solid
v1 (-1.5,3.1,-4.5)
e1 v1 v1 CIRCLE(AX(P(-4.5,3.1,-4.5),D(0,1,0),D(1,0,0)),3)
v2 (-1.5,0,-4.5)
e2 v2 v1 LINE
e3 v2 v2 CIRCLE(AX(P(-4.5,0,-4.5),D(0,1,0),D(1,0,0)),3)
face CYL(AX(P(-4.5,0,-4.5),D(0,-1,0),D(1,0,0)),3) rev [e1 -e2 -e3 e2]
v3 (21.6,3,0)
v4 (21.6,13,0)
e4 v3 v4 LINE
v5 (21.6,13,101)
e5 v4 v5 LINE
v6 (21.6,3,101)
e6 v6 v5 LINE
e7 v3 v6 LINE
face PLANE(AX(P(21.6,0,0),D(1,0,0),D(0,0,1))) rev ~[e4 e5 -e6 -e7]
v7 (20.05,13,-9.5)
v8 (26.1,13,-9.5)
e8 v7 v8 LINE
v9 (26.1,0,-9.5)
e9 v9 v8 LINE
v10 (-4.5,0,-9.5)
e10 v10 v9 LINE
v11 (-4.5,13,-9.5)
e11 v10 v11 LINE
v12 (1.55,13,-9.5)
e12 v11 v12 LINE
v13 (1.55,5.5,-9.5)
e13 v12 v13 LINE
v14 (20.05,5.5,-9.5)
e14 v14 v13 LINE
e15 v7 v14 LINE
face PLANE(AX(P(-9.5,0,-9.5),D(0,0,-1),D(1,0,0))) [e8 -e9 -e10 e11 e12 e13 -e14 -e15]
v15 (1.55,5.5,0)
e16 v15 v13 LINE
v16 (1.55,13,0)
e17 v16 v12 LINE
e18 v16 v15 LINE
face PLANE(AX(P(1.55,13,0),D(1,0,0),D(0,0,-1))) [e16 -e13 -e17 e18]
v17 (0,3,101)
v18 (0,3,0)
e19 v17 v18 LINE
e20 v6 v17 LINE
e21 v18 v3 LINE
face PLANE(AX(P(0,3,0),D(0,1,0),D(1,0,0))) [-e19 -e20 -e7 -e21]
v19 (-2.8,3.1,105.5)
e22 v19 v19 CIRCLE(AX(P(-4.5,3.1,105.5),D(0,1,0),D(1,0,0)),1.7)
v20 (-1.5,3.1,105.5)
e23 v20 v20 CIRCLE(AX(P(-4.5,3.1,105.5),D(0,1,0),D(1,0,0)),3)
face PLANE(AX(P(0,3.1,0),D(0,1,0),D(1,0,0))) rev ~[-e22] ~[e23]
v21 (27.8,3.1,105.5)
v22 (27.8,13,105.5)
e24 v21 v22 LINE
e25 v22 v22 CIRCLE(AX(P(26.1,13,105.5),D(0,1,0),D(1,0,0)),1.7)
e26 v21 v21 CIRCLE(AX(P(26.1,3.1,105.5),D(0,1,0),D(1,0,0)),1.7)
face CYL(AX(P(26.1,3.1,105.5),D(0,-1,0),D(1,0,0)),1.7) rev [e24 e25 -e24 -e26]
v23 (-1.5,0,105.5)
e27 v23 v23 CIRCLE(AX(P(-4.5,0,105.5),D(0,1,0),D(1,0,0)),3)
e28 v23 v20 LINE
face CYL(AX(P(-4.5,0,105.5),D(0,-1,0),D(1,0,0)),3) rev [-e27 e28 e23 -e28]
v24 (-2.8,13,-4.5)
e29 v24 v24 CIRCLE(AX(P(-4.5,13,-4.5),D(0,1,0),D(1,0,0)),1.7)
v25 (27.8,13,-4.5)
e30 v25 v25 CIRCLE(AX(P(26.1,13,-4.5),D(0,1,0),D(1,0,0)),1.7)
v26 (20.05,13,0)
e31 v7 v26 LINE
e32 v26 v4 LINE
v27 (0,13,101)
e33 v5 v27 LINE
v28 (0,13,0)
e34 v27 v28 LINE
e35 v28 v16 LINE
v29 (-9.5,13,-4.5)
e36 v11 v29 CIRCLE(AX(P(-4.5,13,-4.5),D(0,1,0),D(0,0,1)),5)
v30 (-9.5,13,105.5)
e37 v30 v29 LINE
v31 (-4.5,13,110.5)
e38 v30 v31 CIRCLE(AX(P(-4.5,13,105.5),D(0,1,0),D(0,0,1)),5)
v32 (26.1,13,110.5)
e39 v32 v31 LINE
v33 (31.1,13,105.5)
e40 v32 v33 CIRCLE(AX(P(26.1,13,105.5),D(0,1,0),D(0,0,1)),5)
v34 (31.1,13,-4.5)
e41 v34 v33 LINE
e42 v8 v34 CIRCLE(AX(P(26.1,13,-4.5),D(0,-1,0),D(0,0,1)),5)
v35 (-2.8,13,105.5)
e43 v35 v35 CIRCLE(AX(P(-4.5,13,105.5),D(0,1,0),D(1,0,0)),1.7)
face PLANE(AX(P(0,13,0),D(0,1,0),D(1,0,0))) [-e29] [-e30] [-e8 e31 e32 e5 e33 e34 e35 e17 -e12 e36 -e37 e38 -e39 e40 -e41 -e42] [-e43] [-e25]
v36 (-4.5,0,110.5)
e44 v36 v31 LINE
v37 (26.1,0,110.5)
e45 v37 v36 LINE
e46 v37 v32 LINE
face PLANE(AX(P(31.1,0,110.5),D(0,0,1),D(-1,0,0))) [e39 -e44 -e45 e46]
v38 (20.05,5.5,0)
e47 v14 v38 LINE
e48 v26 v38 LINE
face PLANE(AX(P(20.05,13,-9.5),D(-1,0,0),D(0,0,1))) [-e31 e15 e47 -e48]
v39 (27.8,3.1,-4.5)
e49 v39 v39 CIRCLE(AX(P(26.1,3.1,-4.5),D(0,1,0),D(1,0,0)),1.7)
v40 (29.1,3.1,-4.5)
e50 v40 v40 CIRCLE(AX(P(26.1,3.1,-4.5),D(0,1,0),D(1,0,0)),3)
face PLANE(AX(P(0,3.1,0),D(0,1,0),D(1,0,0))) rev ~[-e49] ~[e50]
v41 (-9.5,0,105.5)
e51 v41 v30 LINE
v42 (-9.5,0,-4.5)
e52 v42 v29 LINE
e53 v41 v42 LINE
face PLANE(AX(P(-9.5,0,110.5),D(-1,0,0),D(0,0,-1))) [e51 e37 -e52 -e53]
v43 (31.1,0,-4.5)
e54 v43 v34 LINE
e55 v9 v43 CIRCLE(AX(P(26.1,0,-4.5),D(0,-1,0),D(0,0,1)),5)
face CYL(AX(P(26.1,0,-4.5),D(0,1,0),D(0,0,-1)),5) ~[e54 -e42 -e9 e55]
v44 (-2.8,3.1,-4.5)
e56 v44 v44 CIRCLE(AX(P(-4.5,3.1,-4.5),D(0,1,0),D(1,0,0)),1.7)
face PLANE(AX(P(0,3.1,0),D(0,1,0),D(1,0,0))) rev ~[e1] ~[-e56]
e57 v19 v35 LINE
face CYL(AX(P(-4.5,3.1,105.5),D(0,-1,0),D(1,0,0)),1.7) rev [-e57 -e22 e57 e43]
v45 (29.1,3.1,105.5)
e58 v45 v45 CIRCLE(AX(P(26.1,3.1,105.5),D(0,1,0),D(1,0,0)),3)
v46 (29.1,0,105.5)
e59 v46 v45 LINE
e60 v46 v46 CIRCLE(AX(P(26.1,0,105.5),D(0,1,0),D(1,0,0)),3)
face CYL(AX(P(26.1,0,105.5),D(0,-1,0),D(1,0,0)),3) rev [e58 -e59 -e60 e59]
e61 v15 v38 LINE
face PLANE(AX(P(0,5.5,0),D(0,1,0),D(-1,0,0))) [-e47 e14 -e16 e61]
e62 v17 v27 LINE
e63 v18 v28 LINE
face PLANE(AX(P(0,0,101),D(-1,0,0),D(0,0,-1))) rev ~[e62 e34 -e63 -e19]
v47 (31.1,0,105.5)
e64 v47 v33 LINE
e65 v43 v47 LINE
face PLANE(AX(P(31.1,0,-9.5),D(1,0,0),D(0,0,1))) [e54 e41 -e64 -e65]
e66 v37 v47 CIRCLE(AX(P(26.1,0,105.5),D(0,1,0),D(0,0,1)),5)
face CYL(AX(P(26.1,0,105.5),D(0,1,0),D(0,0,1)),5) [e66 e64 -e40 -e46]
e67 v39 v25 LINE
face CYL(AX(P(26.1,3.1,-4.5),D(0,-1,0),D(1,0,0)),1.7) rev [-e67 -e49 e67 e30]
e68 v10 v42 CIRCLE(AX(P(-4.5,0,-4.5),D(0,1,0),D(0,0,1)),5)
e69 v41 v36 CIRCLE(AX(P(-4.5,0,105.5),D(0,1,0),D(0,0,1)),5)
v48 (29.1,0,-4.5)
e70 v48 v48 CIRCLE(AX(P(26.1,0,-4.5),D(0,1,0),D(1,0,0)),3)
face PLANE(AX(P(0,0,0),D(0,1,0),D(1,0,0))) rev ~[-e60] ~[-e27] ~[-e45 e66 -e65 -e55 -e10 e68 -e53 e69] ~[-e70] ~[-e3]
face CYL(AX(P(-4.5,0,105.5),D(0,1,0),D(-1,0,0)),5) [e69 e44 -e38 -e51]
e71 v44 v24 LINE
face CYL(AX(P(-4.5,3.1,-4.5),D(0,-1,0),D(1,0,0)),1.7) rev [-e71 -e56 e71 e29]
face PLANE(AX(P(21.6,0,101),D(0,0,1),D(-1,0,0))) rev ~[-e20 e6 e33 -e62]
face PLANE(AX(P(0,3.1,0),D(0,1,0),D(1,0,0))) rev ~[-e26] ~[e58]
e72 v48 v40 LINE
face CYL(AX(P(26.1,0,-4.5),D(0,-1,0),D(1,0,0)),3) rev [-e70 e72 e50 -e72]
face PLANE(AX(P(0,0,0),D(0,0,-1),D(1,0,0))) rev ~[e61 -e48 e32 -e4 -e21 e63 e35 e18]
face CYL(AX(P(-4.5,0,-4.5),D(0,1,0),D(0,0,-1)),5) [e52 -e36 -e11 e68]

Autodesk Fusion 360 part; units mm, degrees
sketch "Sketch1" plane through (0, 0, 0) normal (0, 1, 0) x (1, 0, 0)
  line L0 (0, 0) -> (21.6, 0)
  line L1 (21.6, 0) -> (21.6, -101)
  line L2 (21.6, -101) -> (0, -101)
  line L3 (0, -101) -> (0, 0)
  line L4 (-9.5, 9.5) -> (31.1, 9.5)
  line L5 (31.1, 9.5) -> (31.1, -110.5)
  line L6 (31.1, -110.5) -> (-9.5, -110.5)
  line L7 (-9.5, -110.5) -> (-9.5, 9.5)
  circle A0 centre (-4.5, -105.5) radius 1.7
  circle A1 centre (26.1, -105.5) radius 1.7
  circle A2 centre (26.1, 4.5) radius 1.7
  circle A3 centre (-4.5, 4.5) radius 1.7
  circle A4 centre (-4.5, 4.5) radius 3
  circle A5 centre (26.1, 4.5) radius 3
  circle A6 centre (26.1, -105.5) radius 3
  circle A7 centre (-4.5, -105.5) radius 3
  dimension "d1" = 21.6
  dimension "d2" = 101
  dimension "d3" = 40.6
  dimension "d4" = 120
  dimension "d5" = 9.5
  dimension "d6" = 9.5
  dimension "d7" = 3.4
  dimension "d8" = 3.4
  dimension "d9" = 3.4
  dimension "d10" = 3.4
  dimension "d11" = 5
  dimension "d12" = 5
  dimension "d13" = 5
  dimension "d14" = 5
  dimension "d15" = 5
  dimension "d16" = 5
  dimension "d17" = 5
  dimension "d18" = 5
  dimension "d19" = 6
  dimension "d20" = 6
  dimension "d21" = 6
  dimension "d22" = 6
extrude "Extrude1" add sketch "Sketch1" along normal blind 9.9 from surface at 3.1 contours A4 | A5 | A6 | A7 makes body 1 at (29.0963, 9.7, -4.3505) makes body 2 at (-1.5037, 9.7, -4.3505) makes body 3 at (28.6599, 9.7, 103.9357) makes body 4 at (-7.2644, 9.7, 106.6653)
extrude "Extrude2" add sketch "Sketch1" along normal blind 13 contours L4 L5 L6 L7 bodies 1 2 3 4
extrude "Extrude3" add sketch "Sketch1" along normal blind 3 contours L0 L1 L2 L3 bodies 1
sketch "Sketch2" plane through (0, 13, 0) normal (0, 1, 0) x (-1, 0, 0)
  circle A0 centre (-26.1, -4.5) radius 1.7
  circle A1 centre (4.5, 105.5) radius 1.7
  line L0 (-21.6, 101) -> (0, 101)
  line L1 (0, 101) -> (0, 0)
  line L2 (0, 0) -> (-21.6, 0)
  line L3 (-21.6, 0) -> (-21.6, 101)
  line L4 (9.5, 110.5) -> (-31.1, 110.5)
  line L5 (-31.1, 110.5) -> (-31.1, -9.5)
  line L6 (-31.1, -9.5) -> (9.5, -9.5)
  line L7 (9.5, -9.5) -> (9.5, 110.5)
  circle A2 centre (4.5, -4.5) radius 1.7
  circle A3 centre (-26.1, 105.5) radius 1.7
  line L8 (-1.55, -9.5) -> (-20.05, -9.5)
  line L9 (-20.05, -9.5) -> (-20.05, 0)
  line L10 (-20.05, 0) -> (-1.55, 0)
  line L11 (-1.55, 0) -> (-1.55, -9.5)
  dimension "d30" = 11.05
  dimension "d31" = 18.5
extrude "Extrude4" cut sketch "Sketch2" against normal blind 7.5 contours L2 L6 L8 L9 L10 L11 bodies 1
fillet "Fillet1" radius 5 4 edges at (31.1, 6.5, -9.5) (-9.5, 6.5, -9.5) (-9.5, 6.5, 110.5) (31.1, 6.5, 110.5) on bodies 1
